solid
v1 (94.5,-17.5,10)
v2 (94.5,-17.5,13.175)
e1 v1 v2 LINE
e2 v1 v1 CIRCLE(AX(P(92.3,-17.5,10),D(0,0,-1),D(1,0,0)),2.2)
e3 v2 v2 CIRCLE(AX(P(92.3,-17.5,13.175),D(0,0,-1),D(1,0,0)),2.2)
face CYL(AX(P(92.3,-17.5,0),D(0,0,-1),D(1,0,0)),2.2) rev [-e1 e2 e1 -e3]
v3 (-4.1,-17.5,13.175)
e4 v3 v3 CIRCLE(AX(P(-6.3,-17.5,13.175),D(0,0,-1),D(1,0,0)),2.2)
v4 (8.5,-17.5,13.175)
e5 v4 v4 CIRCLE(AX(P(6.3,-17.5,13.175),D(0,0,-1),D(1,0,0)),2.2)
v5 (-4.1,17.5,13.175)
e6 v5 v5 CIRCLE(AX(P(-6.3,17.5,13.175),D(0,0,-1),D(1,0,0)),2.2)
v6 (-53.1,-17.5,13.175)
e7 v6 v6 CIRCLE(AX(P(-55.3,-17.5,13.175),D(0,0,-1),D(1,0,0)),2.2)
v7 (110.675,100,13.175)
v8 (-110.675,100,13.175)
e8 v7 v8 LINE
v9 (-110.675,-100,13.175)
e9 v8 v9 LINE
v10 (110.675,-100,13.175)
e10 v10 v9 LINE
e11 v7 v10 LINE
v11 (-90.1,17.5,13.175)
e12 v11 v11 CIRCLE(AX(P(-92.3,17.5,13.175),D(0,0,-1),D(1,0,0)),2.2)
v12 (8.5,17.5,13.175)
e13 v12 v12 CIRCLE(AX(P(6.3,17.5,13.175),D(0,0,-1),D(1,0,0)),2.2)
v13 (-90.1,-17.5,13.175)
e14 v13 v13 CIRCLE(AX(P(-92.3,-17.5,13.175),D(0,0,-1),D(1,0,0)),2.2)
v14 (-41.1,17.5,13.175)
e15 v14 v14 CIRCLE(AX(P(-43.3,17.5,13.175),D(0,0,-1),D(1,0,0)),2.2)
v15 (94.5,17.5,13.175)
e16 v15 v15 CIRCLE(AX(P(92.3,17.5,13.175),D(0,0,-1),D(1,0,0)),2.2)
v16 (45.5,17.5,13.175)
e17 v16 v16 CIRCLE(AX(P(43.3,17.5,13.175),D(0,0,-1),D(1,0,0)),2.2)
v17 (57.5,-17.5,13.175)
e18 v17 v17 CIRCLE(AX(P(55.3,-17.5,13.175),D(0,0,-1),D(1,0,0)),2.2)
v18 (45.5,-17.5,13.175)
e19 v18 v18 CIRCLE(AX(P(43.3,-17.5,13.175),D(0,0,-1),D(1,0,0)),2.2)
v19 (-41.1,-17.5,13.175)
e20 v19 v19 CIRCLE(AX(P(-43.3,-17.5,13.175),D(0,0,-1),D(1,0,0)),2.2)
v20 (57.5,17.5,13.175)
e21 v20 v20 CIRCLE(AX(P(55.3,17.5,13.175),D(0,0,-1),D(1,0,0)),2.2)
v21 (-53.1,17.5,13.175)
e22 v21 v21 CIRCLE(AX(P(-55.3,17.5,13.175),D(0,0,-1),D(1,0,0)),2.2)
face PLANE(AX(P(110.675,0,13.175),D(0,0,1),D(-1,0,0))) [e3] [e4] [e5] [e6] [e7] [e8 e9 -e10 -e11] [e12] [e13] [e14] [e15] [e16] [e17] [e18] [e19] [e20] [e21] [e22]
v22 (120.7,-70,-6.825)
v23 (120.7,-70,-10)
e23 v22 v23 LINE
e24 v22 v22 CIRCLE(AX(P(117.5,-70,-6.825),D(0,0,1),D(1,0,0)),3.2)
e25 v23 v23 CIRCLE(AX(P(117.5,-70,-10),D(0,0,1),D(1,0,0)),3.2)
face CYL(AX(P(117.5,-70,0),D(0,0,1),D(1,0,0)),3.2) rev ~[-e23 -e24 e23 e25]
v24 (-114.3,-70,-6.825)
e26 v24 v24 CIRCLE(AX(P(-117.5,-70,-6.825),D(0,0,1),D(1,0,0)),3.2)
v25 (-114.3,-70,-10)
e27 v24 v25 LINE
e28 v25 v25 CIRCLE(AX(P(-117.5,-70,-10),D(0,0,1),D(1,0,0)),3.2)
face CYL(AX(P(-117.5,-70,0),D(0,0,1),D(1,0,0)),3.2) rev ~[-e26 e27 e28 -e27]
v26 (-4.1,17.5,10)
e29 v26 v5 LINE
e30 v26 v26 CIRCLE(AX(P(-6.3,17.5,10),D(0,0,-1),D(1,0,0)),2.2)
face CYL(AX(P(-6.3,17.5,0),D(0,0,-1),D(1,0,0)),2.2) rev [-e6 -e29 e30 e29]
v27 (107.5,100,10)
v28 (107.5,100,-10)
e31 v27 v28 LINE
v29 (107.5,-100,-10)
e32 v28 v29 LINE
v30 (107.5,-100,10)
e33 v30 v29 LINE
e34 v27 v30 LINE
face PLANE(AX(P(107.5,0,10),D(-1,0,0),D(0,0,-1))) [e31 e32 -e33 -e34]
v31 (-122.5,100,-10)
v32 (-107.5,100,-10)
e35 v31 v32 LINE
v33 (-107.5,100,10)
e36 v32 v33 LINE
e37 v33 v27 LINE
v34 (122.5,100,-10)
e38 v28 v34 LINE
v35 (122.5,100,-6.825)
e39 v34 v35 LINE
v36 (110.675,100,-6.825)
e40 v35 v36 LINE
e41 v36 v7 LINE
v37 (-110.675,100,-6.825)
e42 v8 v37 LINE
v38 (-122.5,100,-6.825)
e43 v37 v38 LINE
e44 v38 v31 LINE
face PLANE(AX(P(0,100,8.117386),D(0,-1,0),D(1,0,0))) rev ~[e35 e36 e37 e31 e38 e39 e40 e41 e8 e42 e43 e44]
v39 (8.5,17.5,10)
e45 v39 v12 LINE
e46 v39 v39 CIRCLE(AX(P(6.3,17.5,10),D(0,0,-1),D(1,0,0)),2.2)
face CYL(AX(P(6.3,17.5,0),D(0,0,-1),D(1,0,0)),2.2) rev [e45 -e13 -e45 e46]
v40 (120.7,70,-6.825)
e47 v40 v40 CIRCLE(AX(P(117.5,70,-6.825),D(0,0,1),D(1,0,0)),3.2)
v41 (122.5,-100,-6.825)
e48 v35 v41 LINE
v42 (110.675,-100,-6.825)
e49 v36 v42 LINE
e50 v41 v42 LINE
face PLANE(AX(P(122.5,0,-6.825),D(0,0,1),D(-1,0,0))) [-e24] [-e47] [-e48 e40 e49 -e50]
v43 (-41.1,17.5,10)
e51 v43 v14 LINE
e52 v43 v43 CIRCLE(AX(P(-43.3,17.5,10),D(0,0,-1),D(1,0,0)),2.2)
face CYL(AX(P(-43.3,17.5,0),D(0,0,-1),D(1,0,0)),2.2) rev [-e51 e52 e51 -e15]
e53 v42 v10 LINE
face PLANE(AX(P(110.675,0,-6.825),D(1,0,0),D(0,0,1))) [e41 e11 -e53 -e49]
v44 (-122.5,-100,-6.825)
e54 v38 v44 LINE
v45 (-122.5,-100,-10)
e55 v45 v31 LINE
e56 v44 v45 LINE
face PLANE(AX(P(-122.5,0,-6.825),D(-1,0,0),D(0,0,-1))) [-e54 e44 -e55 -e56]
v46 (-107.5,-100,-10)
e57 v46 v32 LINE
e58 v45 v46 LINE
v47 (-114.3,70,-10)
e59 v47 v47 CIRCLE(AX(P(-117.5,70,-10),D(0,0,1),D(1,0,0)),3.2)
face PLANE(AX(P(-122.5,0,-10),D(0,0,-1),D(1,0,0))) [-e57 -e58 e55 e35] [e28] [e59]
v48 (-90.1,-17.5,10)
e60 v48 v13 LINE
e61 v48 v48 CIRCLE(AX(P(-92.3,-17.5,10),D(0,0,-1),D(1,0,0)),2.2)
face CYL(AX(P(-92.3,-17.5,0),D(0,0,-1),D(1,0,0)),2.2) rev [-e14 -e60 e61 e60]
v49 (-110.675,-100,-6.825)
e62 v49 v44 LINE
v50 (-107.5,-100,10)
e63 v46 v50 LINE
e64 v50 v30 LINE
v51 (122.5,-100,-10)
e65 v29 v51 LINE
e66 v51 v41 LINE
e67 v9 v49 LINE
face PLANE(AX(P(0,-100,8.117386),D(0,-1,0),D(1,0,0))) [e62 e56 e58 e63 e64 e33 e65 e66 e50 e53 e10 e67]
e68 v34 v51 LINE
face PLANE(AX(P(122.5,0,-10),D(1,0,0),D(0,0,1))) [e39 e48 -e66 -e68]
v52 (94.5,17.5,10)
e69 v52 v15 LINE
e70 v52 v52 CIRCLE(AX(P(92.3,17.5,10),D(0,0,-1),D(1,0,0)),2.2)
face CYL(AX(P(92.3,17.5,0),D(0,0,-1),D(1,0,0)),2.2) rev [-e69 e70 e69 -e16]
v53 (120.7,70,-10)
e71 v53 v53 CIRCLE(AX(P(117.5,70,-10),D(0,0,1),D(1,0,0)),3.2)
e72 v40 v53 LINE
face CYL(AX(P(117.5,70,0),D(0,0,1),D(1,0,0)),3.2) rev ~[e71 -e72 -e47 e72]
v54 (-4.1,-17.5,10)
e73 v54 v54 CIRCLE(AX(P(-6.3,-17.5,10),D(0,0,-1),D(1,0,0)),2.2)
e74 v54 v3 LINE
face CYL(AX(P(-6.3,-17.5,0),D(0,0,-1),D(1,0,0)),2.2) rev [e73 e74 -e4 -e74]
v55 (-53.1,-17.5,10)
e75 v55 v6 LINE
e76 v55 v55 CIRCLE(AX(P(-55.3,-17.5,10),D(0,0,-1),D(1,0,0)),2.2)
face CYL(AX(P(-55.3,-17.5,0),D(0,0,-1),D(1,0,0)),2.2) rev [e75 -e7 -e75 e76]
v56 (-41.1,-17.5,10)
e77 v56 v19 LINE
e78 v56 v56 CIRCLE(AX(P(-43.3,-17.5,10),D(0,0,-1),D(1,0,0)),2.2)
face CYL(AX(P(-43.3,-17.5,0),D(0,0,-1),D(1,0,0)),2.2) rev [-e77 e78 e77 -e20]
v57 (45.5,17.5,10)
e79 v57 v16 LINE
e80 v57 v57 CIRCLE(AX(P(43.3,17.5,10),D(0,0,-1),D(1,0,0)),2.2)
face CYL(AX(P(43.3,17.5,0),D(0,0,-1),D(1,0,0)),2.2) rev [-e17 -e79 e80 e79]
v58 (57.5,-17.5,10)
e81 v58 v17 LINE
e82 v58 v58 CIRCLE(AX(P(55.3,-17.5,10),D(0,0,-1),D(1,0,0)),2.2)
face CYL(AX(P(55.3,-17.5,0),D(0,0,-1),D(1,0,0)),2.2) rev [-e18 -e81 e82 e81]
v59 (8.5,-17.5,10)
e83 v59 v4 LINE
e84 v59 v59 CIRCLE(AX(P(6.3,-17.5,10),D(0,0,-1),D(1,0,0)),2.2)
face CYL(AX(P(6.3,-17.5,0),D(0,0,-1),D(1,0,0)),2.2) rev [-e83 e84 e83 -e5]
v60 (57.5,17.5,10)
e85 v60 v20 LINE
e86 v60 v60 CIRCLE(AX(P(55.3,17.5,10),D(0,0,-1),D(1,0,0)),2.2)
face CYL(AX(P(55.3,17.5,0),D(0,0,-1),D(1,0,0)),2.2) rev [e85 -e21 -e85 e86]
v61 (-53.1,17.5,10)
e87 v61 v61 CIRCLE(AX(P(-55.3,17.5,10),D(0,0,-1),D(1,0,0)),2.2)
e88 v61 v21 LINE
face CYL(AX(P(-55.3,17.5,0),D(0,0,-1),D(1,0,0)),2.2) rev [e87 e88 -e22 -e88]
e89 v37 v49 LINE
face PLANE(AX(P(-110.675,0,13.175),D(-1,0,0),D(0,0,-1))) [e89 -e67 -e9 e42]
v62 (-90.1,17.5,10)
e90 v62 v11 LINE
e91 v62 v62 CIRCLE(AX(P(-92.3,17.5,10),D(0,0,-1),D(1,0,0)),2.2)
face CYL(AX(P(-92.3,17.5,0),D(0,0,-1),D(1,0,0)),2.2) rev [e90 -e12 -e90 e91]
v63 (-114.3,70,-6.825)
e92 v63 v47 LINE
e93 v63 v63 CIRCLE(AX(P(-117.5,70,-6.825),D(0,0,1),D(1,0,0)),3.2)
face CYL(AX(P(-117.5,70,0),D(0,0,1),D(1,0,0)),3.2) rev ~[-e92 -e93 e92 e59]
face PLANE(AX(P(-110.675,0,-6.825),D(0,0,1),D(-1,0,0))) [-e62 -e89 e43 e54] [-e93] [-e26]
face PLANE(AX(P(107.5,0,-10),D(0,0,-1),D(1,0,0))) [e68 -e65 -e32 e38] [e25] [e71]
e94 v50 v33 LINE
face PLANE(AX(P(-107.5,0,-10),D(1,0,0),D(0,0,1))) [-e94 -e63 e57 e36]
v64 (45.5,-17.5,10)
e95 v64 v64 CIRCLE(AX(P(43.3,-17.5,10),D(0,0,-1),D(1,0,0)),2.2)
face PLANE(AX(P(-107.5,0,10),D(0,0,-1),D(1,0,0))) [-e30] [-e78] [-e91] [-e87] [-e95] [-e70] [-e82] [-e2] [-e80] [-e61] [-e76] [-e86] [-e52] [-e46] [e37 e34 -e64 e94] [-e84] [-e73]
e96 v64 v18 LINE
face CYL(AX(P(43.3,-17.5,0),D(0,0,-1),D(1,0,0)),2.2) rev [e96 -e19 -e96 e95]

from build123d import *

# Parameters (mm, degrees)
F1_DEPTH      = 100
F2_R          = 3.2
F2_R_2        = 2.2
F3_DEPTH      = 10.001
F3_DEPTH_BACK = 13.176


with BuildPart() as f1:
    # F0 (on Front) → F1 (new body, symmetric)
    with BuildSketch(Plane.XZ):
        Polygon((-107.5, 10), (107.5, 10), (107.5, -10), (122.5, -10), (122.5, -6.825), (110.675, -6.825), (110.675, 13.175), (-110.675, 13.175), (-110.675, -6.825), (-122.5, -6.825), (-122.5, -10), (-107.5, -10), align=None)
    extrude(amount=F1_DEPTH, both=True)

    # F2 (on Top) → F3 (cut, two sides)
    with BuildSketch(Plane.XY) as f3_sk:
        with Locations((-117.5, -70)):
            Circle(F2_R)
        with Locations((-92.3, -17.5)):
            Circle(F2_R_2)
        with Locations((-55.3, -17.5)):
            Circle(F2_R_2)
        with Locations((-43.3, -17.5)):
            Circle(F2_R_2)
        with Locations((-6.3, -17.5)):
            Circle(F2_R_2)
        with Locations((6.3, -17.5)):
            Circle(F2_R_2)
        with Locations((43.3, -17.5)):
            Circle(F2_R_2)
        with Locations((55.3, -17.5)):
            Circle(F2_R_2)
        with Locations((92.3, -17.5)):
            Circle(F2_R_2)
        with Locations((117.5, -70)):
            Circle(F2_R)
        with Locations((-92.3, 17.5)):
            Circle(F2_R_2)
        with Locations((43.3, 17.5)):
            Circle(F2_R_2)
        with Locations((55.3, 17.5)):
            Circle(F2_R_2)
        with Locations((6.3, 17.5)):
            Circle(F2_R_2)
        with Locations((-6.3, 17.5)):
            Circle(F2_R_2)
        with Locations((-43.3, 17.5)):
            Circle(F2_R_2)
        with Locations((92.3, 17.5)):
            Circle(F2_R_2)
        with Locations((-55.3, 17.5)):
            Circle(F2_R_2)
        with Locations((-117.5, 70)):
            Circle(F2_R)
        with Locations((117.5, 70)):
            Circle(F2_R)
    extrude(amount=-F3_DEPTH, mode=Mode.SUBTRACT)
    extrude(f3_sk.sketch, amount=F3_DEPTH_BACK, mode=Mode.SUBTRACT)


solid = f1.part
